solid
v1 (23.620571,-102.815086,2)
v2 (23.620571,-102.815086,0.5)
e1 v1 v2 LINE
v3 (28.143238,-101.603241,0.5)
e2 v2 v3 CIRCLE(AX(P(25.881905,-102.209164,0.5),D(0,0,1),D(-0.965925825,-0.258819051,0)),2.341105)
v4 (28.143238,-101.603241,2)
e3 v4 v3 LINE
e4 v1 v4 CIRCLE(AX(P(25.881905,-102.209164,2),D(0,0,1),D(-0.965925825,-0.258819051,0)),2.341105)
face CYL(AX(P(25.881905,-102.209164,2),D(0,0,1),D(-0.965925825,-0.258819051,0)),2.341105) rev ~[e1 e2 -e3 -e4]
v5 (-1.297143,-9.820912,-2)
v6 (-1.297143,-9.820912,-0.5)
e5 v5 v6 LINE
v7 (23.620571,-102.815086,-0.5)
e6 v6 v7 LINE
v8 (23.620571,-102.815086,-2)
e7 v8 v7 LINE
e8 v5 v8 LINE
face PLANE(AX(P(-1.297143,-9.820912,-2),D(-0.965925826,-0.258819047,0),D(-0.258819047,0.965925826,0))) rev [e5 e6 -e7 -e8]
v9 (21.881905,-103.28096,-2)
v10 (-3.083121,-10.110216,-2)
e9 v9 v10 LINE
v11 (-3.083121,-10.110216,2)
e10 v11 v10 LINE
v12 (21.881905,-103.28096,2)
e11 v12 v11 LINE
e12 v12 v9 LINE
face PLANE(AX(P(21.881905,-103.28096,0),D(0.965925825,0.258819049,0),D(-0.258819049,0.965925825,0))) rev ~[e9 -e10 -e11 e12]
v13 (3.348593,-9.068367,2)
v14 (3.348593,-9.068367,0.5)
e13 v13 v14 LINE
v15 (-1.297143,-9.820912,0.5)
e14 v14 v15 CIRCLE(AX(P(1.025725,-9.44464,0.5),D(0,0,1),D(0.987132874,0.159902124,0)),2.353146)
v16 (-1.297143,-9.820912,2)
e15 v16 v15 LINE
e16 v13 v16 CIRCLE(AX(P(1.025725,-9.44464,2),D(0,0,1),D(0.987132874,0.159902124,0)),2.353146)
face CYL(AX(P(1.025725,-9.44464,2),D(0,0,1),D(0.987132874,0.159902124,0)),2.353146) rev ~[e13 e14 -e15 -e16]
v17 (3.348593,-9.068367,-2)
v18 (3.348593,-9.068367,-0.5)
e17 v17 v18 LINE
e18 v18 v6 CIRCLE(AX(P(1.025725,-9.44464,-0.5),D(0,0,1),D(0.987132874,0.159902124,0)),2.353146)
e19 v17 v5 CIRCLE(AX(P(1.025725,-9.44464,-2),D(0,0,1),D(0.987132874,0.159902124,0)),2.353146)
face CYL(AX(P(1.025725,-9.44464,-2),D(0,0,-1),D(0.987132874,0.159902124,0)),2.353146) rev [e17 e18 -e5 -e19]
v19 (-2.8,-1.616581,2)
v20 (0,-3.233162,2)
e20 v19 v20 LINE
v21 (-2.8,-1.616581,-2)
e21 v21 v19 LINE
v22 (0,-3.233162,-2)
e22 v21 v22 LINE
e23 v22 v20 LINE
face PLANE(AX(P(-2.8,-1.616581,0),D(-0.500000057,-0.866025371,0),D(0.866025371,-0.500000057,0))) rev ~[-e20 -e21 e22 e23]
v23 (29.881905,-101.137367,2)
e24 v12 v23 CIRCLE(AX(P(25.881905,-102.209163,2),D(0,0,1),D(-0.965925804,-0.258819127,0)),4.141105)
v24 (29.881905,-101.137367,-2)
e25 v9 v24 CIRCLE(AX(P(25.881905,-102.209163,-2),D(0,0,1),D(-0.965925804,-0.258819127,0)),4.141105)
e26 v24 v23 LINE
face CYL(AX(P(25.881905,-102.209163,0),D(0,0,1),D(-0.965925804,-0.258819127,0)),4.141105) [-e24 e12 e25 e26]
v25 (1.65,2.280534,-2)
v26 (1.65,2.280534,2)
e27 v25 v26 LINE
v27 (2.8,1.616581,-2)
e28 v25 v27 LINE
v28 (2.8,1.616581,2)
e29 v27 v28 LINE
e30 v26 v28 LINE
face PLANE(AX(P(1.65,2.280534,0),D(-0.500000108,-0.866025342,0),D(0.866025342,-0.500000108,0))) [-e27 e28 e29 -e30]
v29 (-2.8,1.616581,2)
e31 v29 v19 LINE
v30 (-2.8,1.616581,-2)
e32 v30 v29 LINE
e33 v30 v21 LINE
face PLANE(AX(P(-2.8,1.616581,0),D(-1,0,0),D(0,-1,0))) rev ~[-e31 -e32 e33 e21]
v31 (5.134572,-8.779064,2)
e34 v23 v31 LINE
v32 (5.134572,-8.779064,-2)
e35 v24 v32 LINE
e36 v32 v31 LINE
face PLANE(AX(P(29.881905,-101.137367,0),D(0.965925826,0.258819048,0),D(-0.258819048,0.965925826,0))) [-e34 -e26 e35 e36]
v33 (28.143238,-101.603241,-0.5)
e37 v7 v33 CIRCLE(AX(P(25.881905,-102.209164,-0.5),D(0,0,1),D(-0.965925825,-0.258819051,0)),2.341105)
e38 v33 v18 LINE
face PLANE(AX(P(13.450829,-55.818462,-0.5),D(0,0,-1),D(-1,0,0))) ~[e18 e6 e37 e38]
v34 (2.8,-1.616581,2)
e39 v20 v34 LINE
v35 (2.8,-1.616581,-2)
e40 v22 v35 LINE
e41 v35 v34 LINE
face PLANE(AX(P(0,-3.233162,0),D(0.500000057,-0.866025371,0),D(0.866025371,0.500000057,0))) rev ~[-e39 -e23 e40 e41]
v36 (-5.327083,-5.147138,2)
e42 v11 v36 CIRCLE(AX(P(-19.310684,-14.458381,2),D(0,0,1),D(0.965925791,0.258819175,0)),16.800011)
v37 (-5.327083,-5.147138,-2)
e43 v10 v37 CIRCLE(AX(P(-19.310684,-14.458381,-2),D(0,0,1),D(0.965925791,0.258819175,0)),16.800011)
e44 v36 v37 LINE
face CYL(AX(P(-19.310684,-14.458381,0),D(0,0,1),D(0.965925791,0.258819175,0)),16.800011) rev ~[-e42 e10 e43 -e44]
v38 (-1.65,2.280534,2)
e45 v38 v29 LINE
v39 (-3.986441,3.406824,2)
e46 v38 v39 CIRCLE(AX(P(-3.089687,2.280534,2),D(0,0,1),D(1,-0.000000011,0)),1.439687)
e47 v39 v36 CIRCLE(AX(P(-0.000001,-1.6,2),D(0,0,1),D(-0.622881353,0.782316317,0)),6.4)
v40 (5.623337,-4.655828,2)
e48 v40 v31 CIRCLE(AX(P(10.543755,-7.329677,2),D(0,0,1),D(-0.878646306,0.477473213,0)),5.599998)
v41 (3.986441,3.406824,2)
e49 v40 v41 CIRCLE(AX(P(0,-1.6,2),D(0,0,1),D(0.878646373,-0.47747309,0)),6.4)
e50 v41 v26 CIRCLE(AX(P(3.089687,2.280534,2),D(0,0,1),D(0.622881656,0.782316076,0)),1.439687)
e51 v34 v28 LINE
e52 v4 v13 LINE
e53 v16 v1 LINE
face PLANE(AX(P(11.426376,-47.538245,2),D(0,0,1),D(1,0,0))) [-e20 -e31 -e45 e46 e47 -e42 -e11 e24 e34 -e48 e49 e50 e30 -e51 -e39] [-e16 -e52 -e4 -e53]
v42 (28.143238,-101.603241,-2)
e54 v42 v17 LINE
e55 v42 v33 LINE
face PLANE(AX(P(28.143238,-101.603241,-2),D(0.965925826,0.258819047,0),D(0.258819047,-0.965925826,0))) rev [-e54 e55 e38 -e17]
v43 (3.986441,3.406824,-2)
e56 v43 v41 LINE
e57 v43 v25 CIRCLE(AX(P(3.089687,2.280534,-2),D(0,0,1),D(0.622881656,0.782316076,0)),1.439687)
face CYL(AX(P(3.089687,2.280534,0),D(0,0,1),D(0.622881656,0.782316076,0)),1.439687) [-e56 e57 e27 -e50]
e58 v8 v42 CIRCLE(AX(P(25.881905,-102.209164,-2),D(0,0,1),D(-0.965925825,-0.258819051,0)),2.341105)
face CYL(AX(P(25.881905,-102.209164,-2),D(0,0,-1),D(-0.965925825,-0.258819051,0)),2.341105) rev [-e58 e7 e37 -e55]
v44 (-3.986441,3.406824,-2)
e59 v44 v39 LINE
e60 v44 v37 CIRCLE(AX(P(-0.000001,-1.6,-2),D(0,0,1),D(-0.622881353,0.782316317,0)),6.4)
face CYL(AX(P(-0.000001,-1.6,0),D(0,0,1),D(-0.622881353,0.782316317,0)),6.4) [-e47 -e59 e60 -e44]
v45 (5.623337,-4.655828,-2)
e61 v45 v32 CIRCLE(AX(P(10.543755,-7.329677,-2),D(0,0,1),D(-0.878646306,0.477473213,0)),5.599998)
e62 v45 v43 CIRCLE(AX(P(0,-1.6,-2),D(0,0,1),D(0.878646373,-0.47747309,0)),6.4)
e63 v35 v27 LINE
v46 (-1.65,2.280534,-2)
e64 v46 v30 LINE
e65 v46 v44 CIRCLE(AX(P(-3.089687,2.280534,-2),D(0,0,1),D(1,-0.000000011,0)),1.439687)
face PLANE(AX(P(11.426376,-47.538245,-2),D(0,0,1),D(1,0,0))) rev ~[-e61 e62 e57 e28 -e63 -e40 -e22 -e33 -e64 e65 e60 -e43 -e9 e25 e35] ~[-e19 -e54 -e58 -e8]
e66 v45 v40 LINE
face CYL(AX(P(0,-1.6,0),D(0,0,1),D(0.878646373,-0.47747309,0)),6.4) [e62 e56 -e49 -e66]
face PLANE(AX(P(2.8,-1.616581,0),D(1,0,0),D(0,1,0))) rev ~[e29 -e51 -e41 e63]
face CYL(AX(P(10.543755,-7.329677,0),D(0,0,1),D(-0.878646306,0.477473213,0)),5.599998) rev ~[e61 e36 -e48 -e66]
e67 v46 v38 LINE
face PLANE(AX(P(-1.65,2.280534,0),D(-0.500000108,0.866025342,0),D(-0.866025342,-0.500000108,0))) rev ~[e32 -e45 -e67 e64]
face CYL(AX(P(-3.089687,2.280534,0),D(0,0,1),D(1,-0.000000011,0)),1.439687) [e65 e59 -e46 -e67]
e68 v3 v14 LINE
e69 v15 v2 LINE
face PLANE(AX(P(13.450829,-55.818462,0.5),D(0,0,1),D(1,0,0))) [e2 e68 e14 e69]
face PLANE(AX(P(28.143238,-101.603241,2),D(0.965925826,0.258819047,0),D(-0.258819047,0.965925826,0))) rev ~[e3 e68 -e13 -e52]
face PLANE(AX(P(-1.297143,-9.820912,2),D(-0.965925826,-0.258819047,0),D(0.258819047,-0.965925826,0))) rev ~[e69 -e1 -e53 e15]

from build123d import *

# Parameters (mm, degrees)
PAD_DEPTH    = 2
POCKET_DEPTH = 1.5


with BuildPart() as part:
    # Sketch → Pad (new body, symmetric)
    with BuildSketch(Plane.XY):
        with BuildLine():
            ThreePointArc((21.881905, -103.28096), (26.953701, -106.209163), (29.881905, -101.137367))
            Line((29.881905, -101.137367), (5.134572, -8.779064))
            ThreePointArc((5.623337, -4.655828), (4.982691, -6.670473), (5.134572, -8.779064))
            ThreePointArc((5.623337, -4.655828), (6.272045, -0.326637), (3.986441, 3.406824))
            ThreePointArc((3.986441, 3.406824), (2.464526, 3.577404), (1.65, 2.280534))
            Line((1.65, 2.280534), (2.8, 1.616581))
            Line((2.8, -1.616581), (2.8, 1.616581))
            Line((0, -3.233162), (2.8, -1.616581))
            Line((-2.8, -1.616581), (0, -3.233162))
            Line((-2.8, 1.616581), (-2.8, -1.616581))
            Line((-1.65, 2.280534), (-2.8, 1.616581))
            ThreePointArc((-1.65, 2.280534), (-2.464526, 3.577404), (-3.986441, 3.406824))
            ThreePointArc((-3.986441, 3.406824), (-6.322816, -0.609041), (-5.327083, -5.147138))
            ThreePointArc((-3.083121, -10.110216), (-4.002626, -7.537131), (-5.327083, -5.147138))
            Line((21.881905, -103.28096), (-3.083121, -10.110216))
        make_face()
    extrude(amount=PAD_DEPTH, both=True)

    # Sketch001 → Pocket (cut)
    with BuildSketch(Plane.XY.offset(2)):
        with BuildLine():
            Line((-1.297143, -9.820912), (23.620571, -102.815086))
            ThreePointArc((23.620571, -102.815086), (26.487827, -104.470497), (28.143238, -101.603241))
            Line((28.143238, -101.603241), (3.348593, -9.068367))
            ThreePointArc((3.348593, -9.068367), (0.649453, -7.121772), (-1.297143, -9.820912))
        make_face()
    pocket = extrude(amount=-POCKET_DEPTH, mode=Mode.SUBTRACT)

    # Mirrored: Pocket across XY
    add(pocket.mirror(Plane.XY), mode=Mode.SUBTRACT)


solid = part.part
